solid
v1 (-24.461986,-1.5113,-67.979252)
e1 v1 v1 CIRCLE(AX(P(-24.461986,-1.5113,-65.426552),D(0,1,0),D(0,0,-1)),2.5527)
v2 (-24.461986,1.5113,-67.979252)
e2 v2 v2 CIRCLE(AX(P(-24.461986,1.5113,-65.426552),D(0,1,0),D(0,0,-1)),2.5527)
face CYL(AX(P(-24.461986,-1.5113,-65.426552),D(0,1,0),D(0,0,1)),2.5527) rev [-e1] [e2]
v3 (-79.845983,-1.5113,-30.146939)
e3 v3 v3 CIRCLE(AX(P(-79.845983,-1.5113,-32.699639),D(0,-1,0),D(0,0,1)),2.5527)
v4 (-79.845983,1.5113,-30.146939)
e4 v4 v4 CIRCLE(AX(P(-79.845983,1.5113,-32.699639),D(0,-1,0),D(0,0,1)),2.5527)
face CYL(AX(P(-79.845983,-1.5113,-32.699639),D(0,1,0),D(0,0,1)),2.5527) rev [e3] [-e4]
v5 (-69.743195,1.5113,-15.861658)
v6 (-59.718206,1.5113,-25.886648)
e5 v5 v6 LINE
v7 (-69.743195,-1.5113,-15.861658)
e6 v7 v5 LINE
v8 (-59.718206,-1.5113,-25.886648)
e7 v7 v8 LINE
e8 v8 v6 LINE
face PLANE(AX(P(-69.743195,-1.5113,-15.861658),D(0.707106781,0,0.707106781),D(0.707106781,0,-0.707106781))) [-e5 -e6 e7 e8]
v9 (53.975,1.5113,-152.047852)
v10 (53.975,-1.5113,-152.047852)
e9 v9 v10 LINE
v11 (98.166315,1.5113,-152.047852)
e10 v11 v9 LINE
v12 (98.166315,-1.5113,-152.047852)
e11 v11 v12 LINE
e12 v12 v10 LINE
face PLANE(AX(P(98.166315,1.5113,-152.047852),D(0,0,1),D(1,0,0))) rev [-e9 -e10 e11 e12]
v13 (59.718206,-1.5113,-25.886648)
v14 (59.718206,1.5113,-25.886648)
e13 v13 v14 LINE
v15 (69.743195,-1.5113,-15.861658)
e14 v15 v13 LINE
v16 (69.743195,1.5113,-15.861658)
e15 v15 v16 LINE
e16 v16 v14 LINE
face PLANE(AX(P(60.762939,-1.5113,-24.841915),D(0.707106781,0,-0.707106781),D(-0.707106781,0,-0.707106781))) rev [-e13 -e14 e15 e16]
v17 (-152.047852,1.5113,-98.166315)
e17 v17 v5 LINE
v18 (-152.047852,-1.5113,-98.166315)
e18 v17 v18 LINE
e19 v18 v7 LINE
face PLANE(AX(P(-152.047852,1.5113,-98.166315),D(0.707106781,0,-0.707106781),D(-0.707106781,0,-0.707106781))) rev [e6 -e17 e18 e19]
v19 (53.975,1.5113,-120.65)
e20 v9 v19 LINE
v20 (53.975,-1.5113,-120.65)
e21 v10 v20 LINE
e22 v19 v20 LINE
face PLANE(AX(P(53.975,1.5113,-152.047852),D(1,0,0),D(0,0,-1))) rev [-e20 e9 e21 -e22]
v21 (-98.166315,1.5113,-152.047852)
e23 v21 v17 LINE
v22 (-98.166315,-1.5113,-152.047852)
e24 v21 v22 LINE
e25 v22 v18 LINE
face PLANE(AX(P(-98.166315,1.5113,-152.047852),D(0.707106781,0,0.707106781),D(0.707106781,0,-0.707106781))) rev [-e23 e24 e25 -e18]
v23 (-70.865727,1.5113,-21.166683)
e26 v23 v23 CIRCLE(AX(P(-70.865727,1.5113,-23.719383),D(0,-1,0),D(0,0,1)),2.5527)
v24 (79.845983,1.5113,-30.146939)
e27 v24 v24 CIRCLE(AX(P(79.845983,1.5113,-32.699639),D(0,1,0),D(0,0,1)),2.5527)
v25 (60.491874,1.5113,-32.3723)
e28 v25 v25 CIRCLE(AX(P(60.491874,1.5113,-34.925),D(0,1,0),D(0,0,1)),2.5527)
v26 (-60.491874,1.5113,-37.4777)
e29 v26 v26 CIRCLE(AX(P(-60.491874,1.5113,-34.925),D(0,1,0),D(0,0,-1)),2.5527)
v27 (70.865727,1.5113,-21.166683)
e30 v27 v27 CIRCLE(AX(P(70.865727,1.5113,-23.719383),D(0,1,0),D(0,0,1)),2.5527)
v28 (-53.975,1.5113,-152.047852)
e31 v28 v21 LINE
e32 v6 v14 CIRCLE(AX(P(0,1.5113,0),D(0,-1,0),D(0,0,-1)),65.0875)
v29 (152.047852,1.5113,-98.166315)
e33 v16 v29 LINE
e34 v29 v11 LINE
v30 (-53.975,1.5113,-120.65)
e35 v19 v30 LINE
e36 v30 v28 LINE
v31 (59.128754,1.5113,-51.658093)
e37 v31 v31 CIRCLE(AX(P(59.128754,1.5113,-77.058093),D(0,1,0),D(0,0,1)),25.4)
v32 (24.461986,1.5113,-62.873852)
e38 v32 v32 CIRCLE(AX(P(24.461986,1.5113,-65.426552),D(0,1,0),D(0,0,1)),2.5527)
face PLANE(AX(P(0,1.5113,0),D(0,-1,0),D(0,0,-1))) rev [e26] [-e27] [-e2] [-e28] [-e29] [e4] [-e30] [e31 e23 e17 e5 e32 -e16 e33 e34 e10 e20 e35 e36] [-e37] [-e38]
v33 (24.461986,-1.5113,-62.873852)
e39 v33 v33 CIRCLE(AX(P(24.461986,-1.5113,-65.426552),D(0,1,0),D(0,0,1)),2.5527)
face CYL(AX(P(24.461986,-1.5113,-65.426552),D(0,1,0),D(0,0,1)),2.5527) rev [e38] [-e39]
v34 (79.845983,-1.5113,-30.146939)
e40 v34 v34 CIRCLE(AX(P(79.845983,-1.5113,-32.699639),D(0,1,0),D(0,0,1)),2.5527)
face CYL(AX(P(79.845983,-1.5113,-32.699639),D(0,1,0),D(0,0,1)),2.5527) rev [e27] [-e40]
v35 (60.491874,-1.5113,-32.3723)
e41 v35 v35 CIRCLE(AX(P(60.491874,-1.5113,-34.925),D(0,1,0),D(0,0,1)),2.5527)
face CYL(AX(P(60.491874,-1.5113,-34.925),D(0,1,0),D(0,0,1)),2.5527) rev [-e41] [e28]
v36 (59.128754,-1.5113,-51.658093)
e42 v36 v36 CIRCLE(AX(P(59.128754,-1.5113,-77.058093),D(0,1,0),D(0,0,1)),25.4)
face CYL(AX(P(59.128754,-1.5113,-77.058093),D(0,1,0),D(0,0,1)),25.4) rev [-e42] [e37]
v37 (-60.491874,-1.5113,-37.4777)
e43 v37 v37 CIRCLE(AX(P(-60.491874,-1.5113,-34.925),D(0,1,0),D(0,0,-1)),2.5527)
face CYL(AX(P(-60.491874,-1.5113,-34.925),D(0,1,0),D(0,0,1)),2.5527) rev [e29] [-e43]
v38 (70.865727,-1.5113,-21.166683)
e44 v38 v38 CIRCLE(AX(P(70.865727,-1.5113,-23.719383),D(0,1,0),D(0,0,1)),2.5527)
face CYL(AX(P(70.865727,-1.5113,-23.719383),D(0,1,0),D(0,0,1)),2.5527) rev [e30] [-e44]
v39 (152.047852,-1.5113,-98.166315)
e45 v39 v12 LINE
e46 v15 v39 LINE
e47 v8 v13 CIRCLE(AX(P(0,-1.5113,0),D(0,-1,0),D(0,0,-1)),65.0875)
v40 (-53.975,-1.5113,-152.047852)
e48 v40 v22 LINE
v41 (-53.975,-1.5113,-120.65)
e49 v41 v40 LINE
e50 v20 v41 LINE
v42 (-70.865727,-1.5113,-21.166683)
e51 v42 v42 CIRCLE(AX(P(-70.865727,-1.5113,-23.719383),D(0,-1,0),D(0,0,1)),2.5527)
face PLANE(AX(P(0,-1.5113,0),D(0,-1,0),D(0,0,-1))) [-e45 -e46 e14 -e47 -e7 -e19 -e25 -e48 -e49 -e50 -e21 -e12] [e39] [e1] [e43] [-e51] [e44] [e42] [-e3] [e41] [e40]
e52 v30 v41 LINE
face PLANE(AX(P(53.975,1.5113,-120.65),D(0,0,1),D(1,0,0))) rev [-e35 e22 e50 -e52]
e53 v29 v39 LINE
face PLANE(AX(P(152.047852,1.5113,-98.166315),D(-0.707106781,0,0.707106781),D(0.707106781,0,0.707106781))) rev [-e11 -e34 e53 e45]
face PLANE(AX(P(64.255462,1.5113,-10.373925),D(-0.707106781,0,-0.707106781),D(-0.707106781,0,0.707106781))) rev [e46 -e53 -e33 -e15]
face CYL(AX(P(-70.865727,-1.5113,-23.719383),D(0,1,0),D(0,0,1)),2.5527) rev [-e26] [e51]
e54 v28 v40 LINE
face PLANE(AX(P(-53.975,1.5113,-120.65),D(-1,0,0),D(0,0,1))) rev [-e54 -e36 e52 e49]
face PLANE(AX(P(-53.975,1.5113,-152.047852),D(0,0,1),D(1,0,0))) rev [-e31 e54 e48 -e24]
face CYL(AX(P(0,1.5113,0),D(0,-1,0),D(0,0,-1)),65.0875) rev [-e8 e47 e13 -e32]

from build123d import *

# Parameters (mm, degrees)
BOSS_EXTRUDE1_DEPTH = 1.5113
SKETCH4_R           = 2.5527
CUT_EXTRUDE1_DEPTH  = 4.0226
CUT_EXTRUDE4_DEPTH  = 4.0226
SKETCH7_R           = 2.5527
CUT_EXTRUDE2_DEPTH  = 4.0226
SKETCH8_R           = 25.4
CUT_EXTRUDE3_DEPTH  = 4.0226


with BuildPart() as part:
    # Sketch3 → Boss-Extrude1 (new body, symmetric)
    with BuildSketch(Plane(origin=(0, 0, 0), x_dir=(1, 0, 0), z_dir=(0, 1, 0))):
        with BuildLine():
            Line((64.255461557, 10.37392483), (152.047852166, 98.16631544))
            Line((152.047852166, 98.16631544), (98.16631544, 152.047852166))
            Line((98.16631544, 152.047852166), (53.975, 152.047852166))
            Line((53.975, 152.047852166), (53.975, 120.65))
            Line((53.975, 120.65), (-53.975, 120.65))
            Line((-53.975, 120.65), (-53.975, 152.047852166))
            Line((-53.975, 152.047852166), (-98.16631544, 152.047852166))
            Line((-98.16631544, 152.047852166), (-152.047852166, 98.16631544))
            Line((-152.047852166, 98.16631544), (-64.255461557, 10.37392483))
            ThreePointArc((-64.255461557, 10.37392483), (0, 65.0875), (64.255461557, 10.37392483))
        make_face()
    extrude(amount=BOSS_EXTRUDE1_DEPTH, both=True)

    # Sketch4 → Cut-Extrude1 (cut, through all)
    with BuildSketch(Plane(origin=(0, 1.5113, 0), x_dir=(1, 0, 0), z_dir=(0, 1, 0))):
        with Locations((24.461985581, 65.426552419)):
            Circle(SKETCH4_R)
        with Locations((60.491874454, 34.925)):
            Circle(SKETCH4_R)
        with Locations((-60.491874454, 34.925)):
            Circle(SKETCH4_R)
        with Locations((-24.461985581, 65.426552419)):
            Circle(SKETCH4_R)
    extrude(amount=-CUT_EXTRUDE1_DEPTH, mode=Mode.SUBTRACT)

    # Sketch6 → Cut-Extrude4 (cut, through all)
    with BuildSketch(Plane(origin=(0, 1.5113, 0), x_dir=(1, 0, 0), z_dir=(0, 1, 0))):
        Polygon((69.743195158, 15.861658432), (60.762939037, 24.841914553), (59.718206073, 25.886647517), (64.255461557, 10.37392483), align=None)
    cut_extrude4 = extrude(amount=-CUT_EXTRUDE4_DEPTH, mode=Mode.SUBTRACT)

    # Sketch7 → Cut-Extrude2 (cut, through all)
    with BuildSketch(Plane(origin=(0, 1.5113, 0), x_dir=(1, 0, 0), z_dir=(0, 1, 0))):
        with Locations((70.865727173, 23.719382538)):
            Circle(SKETCH7_R)
        with Locations((79.845983295, 32.699638659)):
            Circle(SKETCH7_R)
    cut_extrude2 = extrude(amount=-CUT_EXTRUDE2_DEPTH, mode=Mode.SUBTRACT)

    # Mirror1: Cut-Extrude4, Cut-Extrude2 across plane
    add(cut_extrude4.mirror(Plane(origin=(0, 0, 0), x_dir=(0, 0, 1), z_dir=(1, 0, 0))), mode=Mode.SUBTRACT)
    add(cut_extrude2.mirror(Plane(origin=(0, 0, 0), x_dir=(0, 0, 1), z_dir=(1, 0, 0))), mode=Mode.SUBTRACT)

    # Sketch8 → Cut-Extrude3 (cut, through all)
    with BuildSketch(Plane(origin=(0, 1.5113, 0), x_dir=(1, 0, 0), z_dir=(0, 1, 0))):
        with Locations((59.128754095, 77.058092601)):
            Circle(SKETCH8_R)
    extrude(amount=-CUT_EXTRUDE3_DEPTH, mode=Mode.SUBTRACT)


solid = part.part
